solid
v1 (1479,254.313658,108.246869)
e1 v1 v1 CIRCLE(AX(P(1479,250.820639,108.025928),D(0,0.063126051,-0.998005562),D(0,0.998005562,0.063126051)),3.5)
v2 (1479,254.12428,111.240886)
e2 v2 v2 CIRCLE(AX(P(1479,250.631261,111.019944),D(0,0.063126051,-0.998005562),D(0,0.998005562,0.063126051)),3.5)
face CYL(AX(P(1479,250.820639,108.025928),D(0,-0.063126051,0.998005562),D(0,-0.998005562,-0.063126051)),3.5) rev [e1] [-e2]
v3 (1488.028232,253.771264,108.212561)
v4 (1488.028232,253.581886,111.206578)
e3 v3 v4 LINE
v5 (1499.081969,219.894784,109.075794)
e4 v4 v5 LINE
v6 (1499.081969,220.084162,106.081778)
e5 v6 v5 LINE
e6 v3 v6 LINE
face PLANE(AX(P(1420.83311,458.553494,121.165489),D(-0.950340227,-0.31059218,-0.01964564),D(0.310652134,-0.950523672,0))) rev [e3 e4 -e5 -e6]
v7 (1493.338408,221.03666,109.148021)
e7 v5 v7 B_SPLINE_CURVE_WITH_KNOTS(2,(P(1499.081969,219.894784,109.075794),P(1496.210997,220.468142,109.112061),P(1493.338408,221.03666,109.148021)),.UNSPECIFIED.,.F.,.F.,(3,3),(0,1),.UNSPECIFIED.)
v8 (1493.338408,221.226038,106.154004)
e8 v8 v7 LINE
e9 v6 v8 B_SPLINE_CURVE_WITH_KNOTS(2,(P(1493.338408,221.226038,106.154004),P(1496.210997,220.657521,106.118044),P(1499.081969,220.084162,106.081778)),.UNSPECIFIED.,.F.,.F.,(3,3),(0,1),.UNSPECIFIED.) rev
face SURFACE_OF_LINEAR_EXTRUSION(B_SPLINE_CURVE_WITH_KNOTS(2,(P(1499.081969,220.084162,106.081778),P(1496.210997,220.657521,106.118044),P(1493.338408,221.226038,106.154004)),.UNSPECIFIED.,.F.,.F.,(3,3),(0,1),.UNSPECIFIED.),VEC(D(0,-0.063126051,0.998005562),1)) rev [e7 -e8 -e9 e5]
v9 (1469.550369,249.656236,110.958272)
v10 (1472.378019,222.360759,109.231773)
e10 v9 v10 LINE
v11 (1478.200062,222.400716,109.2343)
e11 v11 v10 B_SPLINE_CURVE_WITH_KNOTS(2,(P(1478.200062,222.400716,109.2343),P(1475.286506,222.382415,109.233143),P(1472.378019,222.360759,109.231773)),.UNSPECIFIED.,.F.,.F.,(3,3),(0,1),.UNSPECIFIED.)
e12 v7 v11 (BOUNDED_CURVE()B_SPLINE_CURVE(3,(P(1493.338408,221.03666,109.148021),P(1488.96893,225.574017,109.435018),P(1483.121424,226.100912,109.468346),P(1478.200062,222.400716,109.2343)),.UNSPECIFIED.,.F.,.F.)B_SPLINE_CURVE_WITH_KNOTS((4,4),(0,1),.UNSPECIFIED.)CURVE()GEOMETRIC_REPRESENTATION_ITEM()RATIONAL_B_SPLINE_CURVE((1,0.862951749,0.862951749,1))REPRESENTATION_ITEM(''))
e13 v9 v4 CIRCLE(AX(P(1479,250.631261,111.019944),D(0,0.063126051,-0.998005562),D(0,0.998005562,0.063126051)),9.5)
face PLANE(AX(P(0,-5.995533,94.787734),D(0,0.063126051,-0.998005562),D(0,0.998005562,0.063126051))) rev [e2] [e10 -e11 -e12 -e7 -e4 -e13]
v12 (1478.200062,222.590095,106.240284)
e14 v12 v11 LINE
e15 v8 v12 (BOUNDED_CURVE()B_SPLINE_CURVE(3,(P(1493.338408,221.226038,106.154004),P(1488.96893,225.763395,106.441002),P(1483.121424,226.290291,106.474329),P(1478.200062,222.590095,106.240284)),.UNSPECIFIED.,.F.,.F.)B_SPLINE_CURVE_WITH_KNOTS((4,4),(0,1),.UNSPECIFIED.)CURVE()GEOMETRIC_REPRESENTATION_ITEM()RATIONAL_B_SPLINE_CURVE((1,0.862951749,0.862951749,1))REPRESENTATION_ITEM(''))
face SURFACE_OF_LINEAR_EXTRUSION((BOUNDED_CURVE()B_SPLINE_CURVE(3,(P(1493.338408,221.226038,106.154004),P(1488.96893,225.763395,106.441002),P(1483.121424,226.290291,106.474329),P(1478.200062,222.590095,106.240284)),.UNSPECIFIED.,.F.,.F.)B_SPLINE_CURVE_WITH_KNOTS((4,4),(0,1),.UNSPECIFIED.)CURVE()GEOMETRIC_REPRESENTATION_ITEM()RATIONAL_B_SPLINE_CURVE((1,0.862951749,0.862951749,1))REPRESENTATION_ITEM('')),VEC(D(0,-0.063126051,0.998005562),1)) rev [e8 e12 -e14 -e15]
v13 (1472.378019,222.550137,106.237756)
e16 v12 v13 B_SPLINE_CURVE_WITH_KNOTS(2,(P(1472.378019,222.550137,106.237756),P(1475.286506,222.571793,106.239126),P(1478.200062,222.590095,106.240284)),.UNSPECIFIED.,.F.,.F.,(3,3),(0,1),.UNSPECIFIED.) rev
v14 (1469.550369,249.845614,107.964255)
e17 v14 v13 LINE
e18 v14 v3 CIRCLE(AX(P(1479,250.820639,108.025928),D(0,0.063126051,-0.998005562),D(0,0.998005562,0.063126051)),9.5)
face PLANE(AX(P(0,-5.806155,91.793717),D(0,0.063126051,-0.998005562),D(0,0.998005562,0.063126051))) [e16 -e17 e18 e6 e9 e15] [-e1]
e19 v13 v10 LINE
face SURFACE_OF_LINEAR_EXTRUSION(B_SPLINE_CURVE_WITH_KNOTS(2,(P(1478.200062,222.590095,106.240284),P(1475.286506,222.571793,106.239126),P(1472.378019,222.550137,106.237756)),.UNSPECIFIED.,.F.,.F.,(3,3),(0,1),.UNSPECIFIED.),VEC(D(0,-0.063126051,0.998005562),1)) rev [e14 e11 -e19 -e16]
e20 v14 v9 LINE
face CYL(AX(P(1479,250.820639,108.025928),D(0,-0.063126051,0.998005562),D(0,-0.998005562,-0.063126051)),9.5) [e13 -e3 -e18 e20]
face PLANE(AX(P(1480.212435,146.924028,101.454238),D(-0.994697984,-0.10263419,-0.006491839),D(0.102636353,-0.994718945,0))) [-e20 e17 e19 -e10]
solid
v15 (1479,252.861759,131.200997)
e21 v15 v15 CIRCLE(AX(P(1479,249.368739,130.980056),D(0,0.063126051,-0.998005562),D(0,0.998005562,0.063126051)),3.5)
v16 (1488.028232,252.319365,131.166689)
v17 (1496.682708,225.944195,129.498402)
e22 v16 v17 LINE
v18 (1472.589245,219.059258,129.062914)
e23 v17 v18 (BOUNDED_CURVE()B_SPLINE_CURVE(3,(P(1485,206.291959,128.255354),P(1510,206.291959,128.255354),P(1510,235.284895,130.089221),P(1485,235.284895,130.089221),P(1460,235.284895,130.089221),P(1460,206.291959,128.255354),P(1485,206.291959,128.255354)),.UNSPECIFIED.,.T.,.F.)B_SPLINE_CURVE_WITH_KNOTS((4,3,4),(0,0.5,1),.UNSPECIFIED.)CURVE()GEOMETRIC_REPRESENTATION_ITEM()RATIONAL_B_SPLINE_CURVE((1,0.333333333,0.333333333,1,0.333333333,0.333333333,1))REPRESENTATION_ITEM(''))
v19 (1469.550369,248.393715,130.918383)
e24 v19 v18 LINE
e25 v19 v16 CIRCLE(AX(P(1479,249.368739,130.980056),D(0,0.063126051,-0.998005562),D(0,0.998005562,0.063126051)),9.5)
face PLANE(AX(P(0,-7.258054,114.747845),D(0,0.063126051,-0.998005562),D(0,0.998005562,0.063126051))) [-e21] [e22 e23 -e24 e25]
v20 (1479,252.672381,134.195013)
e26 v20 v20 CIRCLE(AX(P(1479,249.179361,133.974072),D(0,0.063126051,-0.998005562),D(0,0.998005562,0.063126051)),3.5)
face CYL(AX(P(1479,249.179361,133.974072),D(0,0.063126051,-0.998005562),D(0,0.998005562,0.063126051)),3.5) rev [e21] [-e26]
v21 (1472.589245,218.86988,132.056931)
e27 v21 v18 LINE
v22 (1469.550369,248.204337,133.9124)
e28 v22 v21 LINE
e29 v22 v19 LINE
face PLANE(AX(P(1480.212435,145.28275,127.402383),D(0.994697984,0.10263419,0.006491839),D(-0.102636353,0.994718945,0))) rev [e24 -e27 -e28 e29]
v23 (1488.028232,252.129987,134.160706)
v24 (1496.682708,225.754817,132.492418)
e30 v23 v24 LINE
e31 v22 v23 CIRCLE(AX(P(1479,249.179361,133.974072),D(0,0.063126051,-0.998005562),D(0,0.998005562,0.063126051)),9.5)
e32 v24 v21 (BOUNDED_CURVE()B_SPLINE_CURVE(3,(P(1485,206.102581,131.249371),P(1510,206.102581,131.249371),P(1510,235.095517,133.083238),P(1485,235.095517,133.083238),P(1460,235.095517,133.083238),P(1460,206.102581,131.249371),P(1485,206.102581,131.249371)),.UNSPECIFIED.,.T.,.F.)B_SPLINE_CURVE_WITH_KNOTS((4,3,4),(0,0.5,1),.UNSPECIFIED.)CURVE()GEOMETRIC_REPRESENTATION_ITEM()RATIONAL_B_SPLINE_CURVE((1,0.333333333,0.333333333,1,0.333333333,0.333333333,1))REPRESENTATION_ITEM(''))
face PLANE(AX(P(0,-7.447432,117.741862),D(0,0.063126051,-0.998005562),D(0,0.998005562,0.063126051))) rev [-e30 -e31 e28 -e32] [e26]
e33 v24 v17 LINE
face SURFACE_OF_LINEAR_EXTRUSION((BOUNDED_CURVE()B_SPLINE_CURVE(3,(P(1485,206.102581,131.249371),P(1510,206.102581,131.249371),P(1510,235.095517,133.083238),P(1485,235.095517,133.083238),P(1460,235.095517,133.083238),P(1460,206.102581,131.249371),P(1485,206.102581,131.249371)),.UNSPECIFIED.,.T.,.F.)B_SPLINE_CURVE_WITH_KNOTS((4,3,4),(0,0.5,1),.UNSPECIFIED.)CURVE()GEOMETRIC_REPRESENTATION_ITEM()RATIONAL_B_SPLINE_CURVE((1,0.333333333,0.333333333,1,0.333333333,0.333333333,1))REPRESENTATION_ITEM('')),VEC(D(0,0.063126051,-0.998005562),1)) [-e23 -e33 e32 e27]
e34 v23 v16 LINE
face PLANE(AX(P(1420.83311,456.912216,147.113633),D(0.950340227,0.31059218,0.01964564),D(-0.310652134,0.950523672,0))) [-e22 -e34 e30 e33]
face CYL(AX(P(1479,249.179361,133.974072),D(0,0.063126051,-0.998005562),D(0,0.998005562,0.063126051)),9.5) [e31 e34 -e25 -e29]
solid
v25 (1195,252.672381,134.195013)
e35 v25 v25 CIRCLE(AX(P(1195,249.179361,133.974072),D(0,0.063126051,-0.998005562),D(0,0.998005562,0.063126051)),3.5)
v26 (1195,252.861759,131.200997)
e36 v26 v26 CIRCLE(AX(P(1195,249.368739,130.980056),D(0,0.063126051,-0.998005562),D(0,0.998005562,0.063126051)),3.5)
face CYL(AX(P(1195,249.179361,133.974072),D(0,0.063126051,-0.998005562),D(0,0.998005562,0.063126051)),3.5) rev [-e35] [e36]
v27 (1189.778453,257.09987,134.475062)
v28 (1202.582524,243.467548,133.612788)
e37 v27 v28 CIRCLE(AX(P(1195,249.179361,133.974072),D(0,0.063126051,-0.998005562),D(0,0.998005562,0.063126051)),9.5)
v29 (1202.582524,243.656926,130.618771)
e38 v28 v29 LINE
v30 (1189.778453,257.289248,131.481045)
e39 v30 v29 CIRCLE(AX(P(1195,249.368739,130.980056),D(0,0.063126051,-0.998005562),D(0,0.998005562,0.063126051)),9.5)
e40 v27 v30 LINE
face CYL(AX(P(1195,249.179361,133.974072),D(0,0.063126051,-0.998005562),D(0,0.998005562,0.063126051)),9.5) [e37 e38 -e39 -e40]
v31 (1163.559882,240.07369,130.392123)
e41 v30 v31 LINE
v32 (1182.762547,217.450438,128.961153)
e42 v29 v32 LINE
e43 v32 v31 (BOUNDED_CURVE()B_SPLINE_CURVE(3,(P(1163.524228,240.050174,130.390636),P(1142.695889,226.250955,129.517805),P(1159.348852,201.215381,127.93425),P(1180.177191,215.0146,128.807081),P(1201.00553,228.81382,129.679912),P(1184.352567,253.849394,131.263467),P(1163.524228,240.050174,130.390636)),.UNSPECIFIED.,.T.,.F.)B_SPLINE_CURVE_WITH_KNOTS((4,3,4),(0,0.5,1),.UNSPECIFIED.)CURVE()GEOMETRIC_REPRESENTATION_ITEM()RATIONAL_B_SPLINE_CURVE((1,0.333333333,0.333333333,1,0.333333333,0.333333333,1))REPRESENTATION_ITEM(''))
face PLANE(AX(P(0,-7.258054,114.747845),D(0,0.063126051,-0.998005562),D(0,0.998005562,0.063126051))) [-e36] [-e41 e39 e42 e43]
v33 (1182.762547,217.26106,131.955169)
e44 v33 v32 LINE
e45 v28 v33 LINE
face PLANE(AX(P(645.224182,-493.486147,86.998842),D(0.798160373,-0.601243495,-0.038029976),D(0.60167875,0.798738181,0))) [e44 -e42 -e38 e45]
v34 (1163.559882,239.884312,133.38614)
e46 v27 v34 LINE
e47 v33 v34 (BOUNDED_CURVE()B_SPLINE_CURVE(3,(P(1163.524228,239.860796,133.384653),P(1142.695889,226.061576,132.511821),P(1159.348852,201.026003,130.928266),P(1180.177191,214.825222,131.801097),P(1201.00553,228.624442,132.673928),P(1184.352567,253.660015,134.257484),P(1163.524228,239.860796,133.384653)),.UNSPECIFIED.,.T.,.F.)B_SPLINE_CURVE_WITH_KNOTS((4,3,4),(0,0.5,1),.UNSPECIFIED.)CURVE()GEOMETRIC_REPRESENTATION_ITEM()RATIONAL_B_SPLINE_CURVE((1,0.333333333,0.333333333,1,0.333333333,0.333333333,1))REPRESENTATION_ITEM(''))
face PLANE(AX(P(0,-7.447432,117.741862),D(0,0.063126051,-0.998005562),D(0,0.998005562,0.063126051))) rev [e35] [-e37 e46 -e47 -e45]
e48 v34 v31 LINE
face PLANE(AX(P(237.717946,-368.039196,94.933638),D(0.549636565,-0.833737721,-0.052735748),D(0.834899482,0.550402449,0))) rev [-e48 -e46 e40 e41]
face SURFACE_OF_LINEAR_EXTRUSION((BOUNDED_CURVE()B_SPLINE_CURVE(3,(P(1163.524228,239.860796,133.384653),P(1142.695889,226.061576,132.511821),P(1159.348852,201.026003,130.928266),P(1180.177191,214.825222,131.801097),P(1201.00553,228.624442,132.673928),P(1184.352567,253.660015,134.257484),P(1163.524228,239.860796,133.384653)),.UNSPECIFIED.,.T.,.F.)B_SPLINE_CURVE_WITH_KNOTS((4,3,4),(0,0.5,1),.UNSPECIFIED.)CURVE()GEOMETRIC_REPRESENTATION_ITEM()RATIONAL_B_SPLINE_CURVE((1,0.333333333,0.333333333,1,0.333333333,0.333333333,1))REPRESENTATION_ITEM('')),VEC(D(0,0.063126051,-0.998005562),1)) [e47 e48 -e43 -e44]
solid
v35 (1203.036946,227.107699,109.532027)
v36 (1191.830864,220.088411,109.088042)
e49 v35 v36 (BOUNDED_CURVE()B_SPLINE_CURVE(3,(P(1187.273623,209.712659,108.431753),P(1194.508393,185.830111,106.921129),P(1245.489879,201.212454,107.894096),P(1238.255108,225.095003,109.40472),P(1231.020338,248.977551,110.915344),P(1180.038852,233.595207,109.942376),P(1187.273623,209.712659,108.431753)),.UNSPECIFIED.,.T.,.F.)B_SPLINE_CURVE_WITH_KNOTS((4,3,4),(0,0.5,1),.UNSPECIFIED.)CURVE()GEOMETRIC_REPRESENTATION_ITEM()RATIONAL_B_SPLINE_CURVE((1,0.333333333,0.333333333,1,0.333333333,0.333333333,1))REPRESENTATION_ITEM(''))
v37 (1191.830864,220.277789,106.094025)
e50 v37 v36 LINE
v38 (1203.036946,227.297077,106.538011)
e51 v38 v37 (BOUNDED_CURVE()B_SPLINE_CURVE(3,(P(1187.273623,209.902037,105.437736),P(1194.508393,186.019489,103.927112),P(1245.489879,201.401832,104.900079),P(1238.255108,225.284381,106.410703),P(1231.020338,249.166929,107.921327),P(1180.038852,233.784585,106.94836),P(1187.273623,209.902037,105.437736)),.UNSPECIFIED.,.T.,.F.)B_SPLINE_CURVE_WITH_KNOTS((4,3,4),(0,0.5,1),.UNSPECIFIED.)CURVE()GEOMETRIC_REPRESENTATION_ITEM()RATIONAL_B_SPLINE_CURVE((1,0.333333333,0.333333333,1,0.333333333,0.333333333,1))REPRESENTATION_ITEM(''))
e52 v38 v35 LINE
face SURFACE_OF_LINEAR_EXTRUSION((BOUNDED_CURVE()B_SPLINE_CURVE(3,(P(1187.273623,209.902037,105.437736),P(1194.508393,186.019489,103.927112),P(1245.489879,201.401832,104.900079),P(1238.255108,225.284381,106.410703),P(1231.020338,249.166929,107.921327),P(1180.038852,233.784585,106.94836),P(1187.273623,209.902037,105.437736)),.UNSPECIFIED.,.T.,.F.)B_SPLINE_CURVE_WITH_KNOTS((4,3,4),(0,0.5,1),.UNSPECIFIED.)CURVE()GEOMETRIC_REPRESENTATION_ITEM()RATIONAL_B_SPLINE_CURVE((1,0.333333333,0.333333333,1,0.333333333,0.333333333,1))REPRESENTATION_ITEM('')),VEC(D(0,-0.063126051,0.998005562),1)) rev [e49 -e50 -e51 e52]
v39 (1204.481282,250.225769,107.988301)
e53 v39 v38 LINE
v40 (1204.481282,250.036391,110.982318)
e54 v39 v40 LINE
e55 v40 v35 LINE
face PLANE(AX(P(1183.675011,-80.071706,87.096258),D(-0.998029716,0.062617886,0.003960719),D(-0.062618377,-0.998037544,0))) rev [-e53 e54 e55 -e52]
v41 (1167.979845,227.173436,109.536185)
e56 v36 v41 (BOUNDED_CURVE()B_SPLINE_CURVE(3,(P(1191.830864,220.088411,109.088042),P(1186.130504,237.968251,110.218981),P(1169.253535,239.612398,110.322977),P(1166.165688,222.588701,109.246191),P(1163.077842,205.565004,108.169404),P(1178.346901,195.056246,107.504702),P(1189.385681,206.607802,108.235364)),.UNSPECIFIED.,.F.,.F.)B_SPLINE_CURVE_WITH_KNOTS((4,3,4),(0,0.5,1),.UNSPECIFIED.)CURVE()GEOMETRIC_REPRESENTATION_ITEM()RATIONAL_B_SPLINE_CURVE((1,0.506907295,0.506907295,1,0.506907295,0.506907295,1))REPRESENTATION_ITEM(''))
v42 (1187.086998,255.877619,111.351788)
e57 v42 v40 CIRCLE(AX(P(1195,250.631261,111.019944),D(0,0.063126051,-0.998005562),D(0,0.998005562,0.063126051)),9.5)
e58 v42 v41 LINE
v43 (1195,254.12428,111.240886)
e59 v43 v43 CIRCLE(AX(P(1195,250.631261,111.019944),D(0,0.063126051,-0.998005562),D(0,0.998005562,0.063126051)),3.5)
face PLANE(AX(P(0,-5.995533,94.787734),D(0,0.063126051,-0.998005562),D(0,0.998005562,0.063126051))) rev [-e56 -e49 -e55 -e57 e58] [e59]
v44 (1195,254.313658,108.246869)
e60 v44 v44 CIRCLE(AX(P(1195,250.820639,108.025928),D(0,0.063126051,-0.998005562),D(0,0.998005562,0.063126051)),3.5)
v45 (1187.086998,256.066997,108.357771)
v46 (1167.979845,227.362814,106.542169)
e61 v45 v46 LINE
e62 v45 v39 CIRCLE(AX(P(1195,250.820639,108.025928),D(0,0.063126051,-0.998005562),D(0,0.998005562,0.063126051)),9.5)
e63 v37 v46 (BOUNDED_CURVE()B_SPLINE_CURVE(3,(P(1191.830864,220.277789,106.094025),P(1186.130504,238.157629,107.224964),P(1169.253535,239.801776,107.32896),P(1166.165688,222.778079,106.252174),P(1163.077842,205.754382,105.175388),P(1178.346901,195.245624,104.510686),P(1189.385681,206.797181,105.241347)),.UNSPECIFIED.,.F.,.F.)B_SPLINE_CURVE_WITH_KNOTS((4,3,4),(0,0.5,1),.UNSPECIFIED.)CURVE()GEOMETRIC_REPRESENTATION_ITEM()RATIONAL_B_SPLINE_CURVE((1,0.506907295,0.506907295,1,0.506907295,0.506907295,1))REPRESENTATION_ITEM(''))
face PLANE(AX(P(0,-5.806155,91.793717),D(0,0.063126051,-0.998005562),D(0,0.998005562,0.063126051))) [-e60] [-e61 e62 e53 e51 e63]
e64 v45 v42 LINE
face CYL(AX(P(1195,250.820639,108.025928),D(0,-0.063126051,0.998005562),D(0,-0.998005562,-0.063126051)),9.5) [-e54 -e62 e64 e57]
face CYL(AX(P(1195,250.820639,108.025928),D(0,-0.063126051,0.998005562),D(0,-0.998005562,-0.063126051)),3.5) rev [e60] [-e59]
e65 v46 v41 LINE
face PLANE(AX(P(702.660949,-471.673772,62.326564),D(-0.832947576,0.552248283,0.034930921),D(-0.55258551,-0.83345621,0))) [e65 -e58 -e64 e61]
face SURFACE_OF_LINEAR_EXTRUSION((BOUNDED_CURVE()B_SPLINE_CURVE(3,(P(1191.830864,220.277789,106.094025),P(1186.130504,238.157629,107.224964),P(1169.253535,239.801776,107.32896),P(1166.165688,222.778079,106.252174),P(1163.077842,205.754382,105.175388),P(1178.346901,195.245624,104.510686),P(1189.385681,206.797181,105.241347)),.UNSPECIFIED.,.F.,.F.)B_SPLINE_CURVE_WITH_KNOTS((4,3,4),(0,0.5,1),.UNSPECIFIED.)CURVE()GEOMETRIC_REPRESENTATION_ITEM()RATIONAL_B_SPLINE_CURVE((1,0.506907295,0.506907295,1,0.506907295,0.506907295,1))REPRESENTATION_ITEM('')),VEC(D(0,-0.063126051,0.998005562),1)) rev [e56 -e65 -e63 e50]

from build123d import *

# Parameters (mm, degrees)
SZKIC1_R                      = 3.5
DODANIE_WYCI_GNI_CIE1_DEPTH   = 3
DODANIE_WYCI_GNI_CIE1_2_DEPTH = 3
SZKIC2_R                      = 3.5
DODANIE_WYCI_GNI_CIE2_DEPTH   = 3
DODANIE_WYCI_GNI_CIE2_2_DEPTH = 3


with BuildPart() as part:
    # Szkic1 → Dodanie-wyciągnięcie1 (new body)
    with BuildSketch(Plane(origin=(0, -7.25805409, 114.747845399), x_dir=(-1, 0, 0), z_dir=(0, 0.063126051, -0.998005562))):
        with BuildLine():
            ThreePointArc((-1469.550369154, 256.162669348), (-1477.021998182, 266.4314406), (-1488.028232153, 260.096164982))
            Line((-1488.028232153, 260.096164982), (-1496.682707646, 233.668286007))
            add(Edge.make_bspline(
                [(-1496.682707646, 233.668286007), (-1494.549268537, 240.183096826), (-1489.671600164, 243.027652706), (-1485, 243.027652706), (-1478.171550536, 243.027652706), (-1471.493308251, 237.369876498), (-1472.589244959, 226.769589758)],
                knots=[0.295959603, 0.295959603, 0.295959603, 0.295959603, 0.5, 0.5, 0.5, 0.76496368, 0.76496368, 0.76496368, 0.76496368], degree=3, weights=[0.516898281, 0.56691223, 0.727946137, 1, 0.646715093, 0.480645525, 0.501791294]))
            Line((-1472.589244959, 226.769589758), (-1469.550369154, 256.162669348))
        make_face()
        with Locations((-1479, 257.139642668)):
            Circle(SZKIC1_R, mode=Mode.SUBTRACT)
    extrude(amount=-DODANIE_WYCI_GNI_CIE1_DEPTH)


with BuildPart() as body_2:
    # Szkic1 → Dodanie-wyci_gni_cie1 2 (new body)
    with BuildSketch(Plane(origin=(0, -7.25805409, 114.747845399), x_dir=(-1, 0, 0), z_dir=(0, 0.063126051, -0.998005562))):
        with BuildLine():
            Line((-1163.559881906, 247.826017638), (-1189.778452634, 265.07597955))
            ThreePointArc((-1189.778452634, 265.07597955), (-1201.931051804, 263.636605104), (-1202.582523544, 251.416414846))
            Line((-1202.582523544, 251.416414846), (-1182.76254688, 225.157554572))
            add(Edge.make_bspline(
                [(-1182.76254688, 225.157554572), (-1195.705807464, 242.305671187), (-1178.155883632, 257.429152624), (-1163.559881906, 247.826017638)],
                knots=[0.562562367, 0.562562367, 0.562562367, 0.562562367, 0.999146732, 0.999146732, 0.999146732, 0.999146732], degree=3, weights=[0.781062929, 0.344623783, 0.416467058, 0.996592754]))
        make_face()
        with Locations((-1195, 257.139642668)):
            Circle(SZKIC1_R, mode=Mode.SUBTRACT)
    extrude(amount=-DODANIE_WYCI_GNI_CIE1_2_DEPTH)


with BuildPart() as body_3:
    # Szkic2 → Dodanie-wyciągnięcie2 (new body)
    with BuildSketch(Plane(origin=(0, -5.995533068, 94.78773416), x_dir=(-1, 0, 0), z_dir=(0, 0.063126051, -0.998005562))):
        with BuildLine():
            add(Edge.make_bspline(
                [(-1499.081969424, 226.341741496), (-1497.164459003, 226.72545054), (-1495.249800372, 227.106857649), (-1493.338408358, 227.485899627)],
                knots=[0.978069865, 0.978069865, 0.978069865, 0.978069865, 0.987766131, 0.987766131, 0.987766131, 0.987766131], degree=3, weights=[0.974357504, 0.977963363, 0.981645873, 0.985405033]))
            add(Edge.make_bspline(
                [(-1493.338408358, 227.485899627), (-1488.968930095, 232.032323973), (-1483.121424188, 232.560272537), (-1478.200062015, 228.852682039)],
                knots=[0, 0, 0, 0, 1, 1, 1, 1], degree=3, weights=[1, 0.862951749, 0.862951749, 1]))
            add(Edge.make_bspline(
                [(-1478.200062015, 228.852682039), (-1476.26470701, 228.840500886), (-1474.323901246, 228.827162356), (-1472.378018702, 228.812644683)],
                knots=[0.015705516, 0.015705516, 0.015705516, 0.015705516, 0.02688398, 0.02688398, 0.02688398, 0.02688398], degree=3, weights=[0.970194637, 0.963236106, 0.956357884, 0.94955997]))
            Line((-1472.378018702, 228.812644683), (-1469.550369154, 256.162669348))
            ThreePointArc((-1469.550369154, 256.162669348), (-1477.021998182, 266.4314406), (-1488.028232153, 260.096164982))
            Line((-1488.028232153, 260.096164982), (-1499.081969424, 226.341741496))
        make_face()
        with Locations((-1479, 257.139642668)):
            Circle(SZKIC2_R, mode=Mode.SUBTRACT)
    extrude(amount=DODANIE_WYCI_GNI_CIE2_DEPTH)


with BuildPart() as body_4:
    # Szkic2 → Dodanie-wyci_gni_cie2 2 (new body)
    with BuildSketch(Plane(origin=(0, -5.995533068, 94.78773416), x_dir=(-1, 0, 0), z_dir=(0, 0.063126051, -0.998005562))):
        with BuildLine():
            ThreePointArc((-1187.086998027, 262.396485806), (-1198.029684937, 266.143586758), (-1204.481282298, 256.543583953))
            Line((-1204.481282298, 256.543583953), (-1203.036946157, 233.569070978))
            add(Edge.make_bspline(
                [(-1203.036946157, 233.569070978), (-1198.394891016, 231.545198423), (-1194.600848133, 229.118580489), (-1191.830864188, 226.535755676)],
                knots=[0.780966017, 0.780966017, 0.780966017, 0.780966017, 0.856944696, 0.856944696, 0.856944696, 0.856944696], degree=3, weights=[0.507671154, 0.520219191, 0.548161255, 0.591497344]))
            add(Edge.make_bspline(
                [(-1191.830864188, 226.535755676), (-1187.789848964, 239.236197933), (-1175.216880476, 244.52867786), (-1167.979845348, 233.634939595)],
                knots=[0, 0, 0, 0, 0.413856164, 0.413856164, 0.413856164, 0.413856164], degree=3, weights=[1, 0.591861089, 0.521543786, 0.789048091]))
            Line((-1167.979845348, 233.634939595), (-1187.086998027, 262.396485806))
        make_face()
        with Locations((-1195, 257.139642668)):
            Circle(SZKIC2_R, mode=Mode.SUBTRACT)
    extrude(amount=DODANIE_WYCI_GNI_CIE2_2_DEPTH)


solid = Compound([part.part, body_2.part, body_3.part, body_4.part])
